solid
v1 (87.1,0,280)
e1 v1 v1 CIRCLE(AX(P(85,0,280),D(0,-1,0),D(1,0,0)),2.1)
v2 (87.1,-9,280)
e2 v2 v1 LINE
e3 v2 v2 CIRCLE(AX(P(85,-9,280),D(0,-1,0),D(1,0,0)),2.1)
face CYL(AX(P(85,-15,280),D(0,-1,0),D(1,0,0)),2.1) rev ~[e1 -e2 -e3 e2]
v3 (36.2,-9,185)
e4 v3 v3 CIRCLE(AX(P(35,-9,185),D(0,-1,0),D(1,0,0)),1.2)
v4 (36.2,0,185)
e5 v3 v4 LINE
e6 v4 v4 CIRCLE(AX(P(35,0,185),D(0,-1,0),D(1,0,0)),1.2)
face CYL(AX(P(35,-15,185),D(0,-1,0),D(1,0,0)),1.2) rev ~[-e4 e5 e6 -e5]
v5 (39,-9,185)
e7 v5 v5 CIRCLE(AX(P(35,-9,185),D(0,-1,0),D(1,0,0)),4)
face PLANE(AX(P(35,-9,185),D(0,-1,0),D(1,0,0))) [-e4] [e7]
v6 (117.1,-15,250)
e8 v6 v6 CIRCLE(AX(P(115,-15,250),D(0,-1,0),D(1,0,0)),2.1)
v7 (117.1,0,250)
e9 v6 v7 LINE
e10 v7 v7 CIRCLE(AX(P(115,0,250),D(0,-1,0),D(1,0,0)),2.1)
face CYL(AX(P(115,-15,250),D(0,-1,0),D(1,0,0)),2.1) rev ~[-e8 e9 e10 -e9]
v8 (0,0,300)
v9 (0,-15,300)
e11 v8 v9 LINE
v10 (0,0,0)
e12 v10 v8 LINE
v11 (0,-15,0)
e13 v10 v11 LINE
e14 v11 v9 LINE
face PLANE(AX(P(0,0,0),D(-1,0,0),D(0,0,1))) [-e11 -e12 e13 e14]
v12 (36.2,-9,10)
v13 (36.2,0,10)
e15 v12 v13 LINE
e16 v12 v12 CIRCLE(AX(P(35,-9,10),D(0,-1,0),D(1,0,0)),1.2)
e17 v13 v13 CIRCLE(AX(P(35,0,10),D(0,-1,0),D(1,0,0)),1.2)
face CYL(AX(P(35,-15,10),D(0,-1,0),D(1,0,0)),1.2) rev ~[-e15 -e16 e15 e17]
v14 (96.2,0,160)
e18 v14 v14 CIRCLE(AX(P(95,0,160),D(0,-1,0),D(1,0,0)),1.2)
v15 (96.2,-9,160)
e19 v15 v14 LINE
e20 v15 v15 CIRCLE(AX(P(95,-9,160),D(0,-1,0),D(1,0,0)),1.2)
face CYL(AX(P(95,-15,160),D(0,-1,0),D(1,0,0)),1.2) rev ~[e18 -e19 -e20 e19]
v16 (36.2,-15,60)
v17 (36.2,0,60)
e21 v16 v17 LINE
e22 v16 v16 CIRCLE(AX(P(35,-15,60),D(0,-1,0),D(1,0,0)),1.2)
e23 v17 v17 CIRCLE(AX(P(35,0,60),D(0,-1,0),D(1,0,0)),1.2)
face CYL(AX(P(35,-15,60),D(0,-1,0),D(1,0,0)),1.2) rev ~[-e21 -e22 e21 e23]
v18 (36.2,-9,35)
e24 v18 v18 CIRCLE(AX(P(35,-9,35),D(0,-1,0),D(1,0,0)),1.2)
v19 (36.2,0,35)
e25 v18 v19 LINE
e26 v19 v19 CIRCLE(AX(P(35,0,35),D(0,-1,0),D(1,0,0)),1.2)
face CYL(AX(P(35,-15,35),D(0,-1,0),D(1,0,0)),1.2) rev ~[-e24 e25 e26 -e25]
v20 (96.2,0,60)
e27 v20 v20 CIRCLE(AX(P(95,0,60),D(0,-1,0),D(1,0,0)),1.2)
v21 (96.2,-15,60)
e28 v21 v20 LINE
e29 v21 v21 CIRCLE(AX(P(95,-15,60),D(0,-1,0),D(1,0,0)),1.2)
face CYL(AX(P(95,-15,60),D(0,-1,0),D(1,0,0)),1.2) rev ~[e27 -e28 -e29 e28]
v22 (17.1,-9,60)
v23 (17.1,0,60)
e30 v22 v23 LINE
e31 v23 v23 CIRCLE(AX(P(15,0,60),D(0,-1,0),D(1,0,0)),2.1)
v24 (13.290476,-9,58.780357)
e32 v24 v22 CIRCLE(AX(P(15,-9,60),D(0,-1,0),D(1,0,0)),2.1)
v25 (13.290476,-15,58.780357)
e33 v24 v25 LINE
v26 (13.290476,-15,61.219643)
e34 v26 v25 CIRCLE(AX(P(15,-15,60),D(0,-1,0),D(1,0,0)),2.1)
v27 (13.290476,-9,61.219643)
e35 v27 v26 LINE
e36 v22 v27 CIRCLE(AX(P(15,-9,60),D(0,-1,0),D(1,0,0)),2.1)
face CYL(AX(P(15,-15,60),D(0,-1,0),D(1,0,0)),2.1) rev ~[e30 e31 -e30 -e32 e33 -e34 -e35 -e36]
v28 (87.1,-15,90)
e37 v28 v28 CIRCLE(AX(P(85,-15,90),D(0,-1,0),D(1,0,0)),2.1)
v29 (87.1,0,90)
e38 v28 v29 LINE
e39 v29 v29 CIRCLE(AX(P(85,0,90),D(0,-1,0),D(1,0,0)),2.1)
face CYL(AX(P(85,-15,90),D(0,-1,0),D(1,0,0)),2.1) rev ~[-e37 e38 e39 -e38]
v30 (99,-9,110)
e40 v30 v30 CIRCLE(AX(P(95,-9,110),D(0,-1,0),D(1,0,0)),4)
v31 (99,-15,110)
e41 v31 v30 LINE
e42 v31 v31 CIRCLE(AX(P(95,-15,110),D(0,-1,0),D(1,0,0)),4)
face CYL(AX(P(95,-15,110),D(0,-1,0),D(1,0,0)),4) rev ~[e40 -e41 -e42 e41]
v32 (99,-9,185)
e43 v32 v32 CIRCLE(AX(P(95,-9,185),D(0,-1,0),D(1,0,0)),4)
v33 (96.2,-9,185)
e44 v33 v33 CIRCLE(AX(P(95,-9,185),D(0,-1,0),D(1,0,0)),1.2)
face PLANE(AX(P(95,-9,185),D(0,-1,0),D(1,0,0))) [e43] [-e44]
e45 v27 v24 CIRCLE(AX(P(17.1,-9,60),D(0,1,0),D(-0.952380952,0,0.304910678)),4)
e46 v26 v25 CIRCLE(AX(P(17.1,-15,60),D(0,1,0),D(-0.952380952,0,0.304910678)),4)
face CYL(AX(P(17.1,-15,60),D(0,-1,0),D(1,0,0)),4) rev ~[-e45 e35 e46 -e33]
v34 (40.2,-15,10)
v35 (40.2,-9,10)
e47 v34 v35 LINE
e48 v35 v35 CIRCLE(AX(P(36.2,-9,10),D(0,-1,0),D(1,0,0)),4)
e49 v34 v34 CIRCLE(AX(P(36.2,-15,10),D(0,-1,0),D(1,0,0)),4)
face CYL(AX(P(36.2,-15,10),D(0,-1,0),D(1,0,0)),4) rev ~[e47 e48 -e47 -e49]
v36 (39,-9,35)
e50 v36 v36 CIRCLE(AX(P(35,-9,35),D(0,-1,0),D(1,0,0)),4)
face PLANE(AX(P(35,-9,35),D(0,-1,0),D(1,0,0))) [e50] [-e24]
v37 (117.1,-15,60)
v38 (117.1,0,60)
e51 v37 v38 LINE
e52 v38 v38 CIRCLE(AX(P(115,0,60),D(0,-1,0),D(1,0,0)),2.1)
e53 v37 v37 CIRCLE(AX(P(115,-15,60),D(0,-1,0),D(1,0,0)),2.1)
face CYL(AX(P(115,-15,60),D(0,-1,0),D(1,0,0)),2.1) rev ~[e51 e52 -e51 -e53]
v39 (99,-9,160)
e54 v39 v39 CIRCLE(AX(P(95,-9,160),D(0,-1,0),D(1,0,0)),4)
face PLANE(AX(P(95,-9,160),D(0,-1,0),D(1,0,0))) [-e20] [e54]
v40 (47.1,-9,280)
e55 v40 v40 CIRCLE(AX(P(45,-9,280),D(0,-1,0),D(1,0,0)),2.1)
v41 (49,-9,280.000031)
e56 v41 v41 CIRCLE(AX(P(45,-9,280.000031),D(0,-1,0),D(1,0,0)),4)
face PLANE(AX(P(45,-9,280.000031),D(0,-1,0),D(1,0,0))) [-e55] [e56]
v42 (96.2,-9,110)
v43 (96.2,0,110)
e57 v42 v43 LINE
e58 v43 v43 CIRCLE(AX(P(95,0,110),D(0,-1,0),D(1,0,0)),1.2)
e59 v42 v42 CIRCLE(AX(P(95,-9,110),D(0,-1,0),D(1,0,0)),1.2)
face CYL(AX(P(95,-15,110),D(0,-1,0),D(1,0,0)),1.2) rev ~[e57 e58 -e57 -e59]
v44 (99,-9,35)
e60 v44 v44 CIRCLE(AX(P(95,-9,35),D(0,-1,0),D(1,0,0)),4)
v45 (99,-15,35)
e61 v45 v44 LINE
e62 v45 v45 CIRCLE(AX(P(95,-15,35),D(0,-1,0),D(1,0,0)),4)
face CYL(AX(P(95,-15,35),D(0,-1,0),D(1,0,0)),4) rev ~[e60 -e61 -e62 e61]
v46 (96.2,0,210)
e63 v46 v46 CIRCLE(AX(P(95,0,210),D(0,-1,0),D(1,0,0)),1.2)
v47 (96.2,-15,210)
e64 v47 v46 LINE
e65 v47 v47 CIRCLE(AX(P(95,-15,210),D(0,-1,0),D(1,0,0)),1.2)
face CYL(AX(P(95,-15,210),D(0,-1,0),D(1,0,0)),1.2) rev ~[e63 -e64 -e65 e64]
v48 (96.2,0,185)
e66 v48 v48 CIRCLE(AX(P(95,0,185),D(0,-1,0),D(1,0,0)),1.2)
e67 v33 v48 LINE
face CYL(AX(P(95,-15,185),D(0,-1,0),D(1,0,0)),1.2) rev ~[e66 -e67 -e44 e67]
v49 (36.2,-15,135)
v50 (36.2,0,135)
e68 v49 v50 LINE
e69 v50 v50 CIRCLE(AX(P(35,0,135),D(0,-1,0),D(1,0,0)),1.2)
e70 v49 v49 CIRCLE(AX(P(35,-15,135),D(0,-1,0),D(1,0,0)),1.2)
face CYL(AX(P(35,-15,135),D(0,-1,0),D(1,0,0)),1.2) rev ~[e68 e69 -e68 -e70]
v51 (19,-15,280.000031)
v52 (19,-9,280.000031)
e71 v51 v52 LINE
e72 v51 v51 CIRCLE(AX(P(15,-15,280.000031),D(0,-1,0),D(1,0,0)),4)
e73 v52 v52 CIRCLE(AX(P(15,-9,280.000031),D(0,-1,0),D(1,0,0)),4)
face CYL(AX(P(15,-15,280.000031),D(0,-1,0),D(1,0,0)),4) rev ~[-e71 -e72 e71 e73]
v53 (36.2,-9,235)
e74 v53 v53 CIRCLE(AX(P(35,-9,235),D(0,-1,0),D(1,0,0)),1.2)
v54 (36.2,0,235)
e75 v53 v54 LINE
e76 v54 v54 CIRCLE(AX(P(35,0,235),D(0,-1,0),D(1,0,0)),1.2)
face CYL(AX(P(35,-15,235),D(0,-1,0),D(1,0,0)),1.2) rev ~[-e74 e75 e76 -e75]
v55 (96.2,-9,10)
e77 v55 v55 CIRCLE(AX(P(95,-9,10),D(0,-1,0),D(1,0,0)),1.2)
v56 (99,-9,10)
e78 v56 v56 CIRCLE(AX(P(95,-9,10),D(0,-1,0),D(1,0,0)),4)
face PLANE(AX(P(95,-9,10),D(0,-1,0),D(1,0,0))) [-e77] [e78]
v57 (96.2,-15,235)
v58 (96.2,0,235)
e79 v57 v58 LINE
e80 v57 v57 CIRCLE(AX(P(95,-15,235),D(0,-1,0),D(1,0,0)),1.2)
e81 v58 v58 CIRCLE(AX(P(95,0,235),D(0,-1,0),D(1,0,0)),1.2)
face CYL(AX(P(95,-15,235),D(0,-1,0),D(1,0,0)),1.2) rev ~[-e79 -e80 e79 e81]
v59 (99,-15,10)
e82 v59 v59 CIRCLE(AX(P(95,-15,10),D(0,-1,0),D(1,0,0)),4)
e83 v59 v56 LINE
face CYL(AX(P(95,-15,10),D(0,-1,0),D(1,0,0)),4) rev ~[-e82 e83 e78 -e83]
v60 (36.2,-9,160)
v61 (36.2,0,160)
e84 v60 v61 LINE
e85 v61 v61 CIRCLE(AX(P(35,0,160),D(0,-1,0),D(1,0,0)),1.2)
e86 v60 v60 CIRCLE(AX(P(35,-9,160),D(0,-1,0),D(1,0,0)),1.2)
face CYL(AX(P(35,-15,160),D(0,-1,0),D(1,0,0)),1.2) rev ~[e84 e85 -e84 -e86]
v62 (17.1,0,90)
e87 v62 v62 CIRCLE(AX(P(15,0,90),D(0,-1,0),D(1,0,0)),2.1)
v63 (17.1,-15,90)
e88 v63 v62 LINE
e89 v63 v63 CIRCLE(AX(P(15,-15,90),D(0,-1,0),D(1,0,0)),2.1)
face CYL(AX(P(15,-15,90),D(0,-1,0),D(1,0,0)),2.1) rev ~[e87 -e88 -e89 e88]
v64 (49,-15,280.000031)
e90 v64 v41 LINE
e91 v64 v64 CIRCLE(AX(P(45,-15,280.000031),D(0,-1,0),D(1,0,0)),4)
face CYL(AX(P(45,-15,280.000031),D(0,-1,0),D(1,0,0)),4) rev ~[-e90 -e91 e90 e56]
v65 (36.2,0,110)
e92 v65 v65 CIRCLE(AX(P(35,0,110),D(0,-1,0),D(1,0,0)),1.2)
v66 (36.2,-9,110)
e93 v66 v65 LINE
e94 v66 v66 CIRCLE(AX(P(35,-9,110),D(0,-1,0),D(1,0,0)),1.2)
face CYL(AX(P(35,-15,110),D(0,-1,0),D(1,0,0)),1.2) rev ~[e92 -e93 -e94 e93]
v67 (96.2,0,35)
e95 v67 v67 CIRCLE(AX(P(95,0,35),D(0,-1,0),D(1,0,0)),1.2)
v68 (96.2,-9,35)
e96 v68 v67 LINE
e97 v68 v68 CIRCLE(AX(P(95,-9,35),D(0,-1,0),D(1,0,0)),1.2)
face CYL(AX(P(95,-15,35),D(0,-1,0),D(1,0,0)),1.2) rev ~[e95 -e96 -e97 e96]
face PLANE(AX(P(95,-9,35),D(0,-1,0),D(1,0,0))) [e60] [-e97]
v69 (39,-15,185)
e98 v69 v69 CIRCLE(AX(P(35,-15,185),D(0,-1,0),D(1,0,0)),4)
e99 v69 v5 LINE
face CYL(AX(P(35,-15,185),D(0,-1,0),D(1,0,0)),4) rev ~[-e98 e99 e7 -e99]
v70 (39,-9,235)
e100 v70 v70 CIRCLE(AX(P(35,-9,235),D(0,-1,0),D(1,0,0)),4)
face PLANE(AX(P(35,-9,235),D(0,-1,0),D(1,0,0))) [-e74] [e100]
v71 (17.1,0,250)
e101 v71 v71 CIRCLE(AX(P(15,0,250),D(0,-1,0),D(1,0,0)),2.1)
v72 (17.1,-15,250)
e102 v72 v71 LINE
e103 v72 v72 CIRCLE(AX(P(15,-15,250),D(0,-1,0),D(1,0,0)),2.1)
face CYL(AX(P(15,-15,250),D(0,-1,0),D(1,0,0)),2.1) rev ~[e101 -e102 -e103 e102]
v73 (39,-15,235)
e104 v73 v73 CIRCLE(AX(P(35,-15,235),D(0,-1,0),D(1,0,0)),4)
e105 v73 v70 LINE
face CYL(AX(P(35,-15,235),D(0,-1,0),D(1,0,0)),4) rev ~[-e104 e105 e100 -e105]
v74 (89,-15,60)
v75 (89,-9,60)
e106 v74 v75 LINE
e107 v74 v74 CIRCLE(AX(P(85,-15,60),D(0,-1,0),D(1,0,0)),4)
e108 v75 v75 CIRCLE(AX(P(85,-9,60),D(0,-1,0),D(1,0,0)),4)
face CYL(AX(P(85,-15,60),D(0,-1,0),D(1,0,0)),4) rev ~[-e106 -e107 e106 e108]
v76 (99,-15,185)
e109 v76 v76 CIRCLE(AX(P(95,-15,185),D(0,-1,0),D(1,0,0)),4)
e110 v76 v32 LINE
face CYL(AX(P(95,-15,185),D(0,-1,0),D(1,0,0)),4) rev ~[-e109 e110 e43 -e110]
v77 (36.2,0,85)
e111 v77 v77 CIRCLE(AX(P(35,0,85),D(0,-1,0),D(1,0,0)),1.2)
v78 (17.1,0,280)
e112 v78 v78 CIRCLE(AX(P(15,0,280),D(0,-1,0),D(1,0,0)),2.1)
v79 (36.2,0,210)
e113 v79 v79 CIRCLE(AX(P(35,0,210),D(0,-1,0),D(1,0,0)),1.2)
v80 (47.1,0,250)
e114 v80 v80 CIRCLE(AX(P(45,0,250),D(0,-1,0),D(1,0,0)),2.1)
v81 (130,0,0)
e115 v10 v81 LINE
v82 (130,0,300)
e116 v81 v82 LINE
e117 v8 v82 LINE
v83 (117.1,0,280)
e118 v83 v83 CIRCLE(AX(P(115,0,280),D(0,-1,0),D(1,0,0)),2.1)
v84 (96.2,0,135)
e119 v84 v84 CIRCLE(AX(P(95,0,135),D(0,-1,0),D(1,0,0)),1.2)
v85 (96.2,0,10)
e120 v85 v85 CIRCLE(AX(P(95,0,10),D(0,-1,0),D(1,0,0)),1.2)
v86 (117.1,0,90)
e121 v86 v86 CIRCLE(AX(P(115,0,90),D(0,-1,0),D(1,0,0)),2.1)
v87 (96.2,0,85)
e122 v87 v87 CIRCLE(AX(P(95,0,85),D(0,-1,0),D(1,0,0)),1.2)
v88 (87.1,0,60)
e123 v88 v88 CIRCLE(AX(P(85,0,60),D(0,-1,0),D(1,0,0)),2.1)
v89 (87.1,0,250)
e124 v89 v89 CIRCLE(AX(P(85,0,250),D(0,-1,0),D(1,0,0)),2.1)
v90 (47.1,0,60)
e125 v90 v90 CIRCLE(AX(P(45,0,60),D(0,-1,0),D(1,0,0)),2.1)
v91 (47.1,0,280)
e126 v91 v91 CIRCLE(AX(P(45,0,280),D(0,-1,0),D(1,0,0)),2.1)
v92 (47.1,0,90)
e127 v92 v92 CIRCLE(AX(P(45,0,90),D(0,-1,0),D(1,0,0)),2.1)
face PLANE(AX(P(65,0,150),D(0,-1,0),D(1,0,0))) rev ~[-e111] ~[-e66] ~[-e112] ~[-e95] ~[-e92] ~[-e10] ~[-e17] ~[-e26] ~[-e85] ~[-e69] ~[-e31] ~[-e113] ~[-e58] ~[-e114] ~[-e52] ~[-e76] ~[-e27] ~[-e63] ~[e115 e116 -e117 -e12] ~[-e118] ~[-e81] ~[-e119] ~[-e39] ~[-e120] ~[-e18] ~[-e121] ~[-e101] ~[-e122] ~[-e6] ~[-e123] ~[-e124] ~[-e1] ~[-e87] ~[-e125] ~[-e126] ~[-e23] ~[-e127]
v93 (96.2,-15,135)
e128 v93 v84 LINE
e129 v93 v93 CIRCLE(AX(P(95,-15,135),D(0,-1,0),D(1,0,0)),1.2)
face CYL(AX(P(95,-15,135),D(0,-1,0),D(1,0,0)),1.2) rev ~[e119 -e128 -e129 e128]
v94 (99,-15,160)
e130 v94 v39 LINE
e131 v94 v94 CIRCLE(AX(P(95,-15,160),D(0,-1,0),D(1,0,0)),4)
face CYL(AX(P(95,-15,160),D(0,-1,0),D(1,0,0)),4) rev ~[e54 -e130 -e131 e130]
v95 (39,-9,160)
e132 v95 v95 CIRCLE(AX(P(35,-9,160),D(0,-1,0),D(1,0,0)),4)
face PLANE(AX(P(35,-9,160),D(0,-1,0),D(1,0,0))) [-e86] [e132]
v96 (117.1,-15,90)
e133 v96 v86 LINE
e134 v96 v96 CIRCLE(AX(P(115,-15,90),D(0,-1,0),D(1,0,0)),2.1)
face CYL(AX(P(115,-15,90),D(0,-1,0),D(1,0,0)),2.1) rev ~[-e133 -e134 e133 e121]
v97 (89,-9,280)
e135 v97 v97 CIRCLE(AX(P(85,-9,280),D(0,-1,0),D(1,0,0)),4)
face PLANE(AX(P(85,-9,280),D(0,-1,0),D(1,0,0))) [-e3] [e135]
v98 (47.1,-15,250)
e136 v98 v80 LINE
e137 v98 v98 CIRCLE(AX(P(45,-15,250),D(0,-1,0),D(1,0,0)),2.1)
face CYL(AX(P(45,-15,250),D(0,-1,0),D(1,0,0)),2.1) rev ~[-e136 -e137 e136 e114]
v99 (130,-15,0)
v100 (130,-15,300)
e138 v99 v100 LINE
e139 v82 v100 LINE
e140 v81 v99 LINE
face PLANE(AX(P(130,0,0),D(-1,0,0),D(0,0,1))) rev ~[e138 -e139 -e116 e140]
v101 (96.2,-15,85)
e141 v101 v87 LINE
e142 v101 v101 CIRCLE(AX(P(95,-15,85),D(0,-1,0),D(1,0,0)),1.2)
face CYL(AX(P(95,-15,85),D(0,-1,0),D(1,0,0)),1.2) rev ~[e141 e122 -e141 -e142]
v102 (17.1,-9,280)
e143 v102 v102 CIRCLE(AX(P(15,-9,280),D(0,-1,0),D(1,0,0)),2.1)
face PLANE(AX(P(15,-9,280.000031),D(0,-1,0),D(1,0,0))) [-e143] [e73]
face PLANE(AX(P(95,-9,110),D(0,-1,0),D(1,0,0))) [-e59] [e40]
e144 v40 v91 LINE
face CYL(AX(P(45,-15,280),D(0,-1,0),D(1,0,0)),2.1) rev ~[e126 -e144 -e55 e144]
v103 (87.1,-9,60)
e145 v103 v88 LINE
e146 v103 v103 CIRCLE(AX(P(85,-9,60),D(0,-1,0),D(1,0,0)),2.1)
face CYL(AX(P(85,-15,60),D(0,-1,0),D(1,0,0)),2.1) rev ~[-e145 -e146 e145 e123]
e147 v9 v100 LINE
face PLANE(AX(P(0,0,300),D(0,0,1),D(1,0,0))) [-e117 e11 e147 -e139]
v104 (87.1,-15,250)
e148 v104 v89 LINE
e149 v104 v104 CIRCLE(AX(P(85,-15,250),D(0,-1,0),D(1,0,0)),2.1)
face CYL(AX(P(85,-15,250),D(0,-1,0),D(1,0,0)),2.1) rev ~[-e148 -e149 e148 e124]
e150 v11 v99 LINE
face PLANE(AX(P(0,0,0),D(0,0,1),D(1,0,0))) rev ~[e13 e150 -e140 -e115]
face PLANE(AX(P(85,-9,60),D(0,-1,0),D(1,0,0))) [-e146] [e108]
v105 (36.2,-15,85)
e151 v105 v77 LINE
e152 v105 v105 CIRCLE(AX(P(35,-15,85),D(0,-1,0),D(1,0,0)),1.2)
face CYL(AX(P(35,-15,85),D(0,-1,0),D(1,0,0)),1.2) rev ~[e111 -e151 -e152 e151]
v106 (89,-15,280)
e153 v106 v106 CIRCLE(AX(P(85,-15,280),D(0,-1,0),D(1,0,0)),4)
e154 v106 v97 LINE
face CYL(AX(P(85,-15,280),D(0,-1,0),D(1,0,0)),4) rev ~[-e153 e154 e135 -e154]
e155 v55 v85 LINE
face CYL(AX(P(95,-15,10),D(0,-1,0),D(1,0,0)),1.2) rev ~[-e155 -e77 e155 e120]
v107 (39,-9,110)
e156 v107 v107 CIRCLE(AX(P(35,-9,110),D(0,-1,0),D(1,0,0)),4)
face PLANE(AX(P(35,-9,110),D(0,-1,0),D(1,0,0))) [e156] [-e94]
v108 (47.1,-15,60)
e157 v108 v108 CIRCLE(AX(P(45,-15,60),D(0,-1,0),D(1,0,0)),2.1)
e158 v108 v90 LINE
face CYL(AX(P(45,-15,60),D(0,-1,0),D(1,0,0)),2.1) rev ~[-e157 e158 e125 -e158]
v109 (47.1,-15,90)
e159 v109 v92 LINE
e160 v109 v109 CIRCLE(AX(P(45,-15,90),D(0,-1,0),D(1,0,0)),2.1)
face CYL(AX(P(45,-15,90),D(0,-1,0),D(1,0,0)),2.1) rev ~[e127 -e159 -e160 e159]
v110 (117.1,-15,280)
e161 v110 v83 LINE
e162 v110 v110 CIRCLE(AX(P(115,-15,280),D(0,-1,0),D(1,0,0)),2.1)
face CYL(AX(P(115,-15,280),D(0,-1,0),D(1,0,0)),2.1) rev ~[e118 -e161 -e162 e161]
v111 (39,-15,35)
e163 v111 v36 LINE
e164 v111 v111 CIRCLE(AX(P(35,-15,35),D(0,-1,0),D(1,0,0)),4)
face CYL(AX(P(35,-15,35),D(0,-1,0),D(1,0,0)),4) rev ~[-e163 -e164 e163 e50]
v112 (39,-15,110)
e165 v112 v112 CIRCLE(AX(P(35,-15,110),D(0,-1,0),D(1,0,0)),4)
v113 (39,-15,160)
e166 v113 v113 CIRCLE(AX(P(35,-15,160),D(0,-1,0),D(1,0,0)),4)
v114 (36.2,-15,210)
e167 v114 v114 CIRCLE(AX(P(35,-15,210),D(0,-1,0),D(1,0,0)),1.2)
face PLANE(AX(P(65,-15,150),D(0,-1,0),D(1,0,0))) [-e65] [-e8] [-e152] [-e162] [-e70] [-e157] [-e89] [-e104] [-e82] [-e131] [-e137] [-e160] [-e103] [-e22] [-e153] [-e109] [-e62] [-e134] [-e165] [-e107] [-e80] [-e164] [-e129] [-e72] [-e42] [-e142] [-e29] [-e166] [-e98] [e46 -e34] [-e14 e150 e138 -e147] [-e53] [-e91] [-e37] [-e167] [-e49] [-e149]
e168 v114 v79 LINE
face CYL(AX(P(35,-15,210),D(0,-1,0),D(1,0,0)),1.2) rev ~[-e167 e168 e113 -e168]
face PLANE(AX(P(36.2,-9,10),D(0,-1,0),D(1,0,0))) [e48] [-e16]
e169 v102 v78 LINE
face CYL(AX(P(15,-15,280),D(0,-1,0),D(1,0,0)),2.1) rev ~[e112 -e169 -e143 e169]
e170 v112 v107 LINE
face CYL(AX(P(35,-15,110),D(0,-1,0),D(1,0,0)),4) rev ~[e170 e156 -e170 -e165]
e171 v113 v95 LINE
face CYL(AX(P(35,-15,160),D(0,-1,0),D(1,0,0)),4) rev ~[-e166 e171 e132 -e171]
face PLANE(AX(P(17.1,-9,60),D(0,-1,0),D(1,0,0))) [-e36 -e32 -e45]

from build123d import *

# Parameters (mm, degrees)
SKETCH_W        = 130
SKETCH_H        = 300
PAD_DEPTH       = 15
SKETCH001_R     = 2.1
SKETCH001_R_2   = 1.2
POCKET_DEPTH    = 15.001
SKETCH002_R     = 4
POCKET001_DEPTH = 6


with BuildPart() as part:
    # Sketch → Pad (new body)
    with BuildSketch(Plane.XZ):
        with Locations((65, 150)):
            Rectangle(SKETCH_W, SKETCH_H)
    extrude(amount=PAD_DEPTH)

    # Sketch001 (on Face6 of Pad) → Pocket (cut, through all)
    with BuildSketch(Plane.XZ.offset(15)):
        with Locations((15, 280)):
            Circle(SKETCH001_R)
        with Locations((45, 280)):
            Circle(SKETCH001_R)
        with Locations((15, 250)):
            Circle(SKETCH001_R)
        with Locations((45, 250)):
            Circle(SKETCH001_R)
        with Locations((85, 280)):
            Circle(SKETCH001_R)
        with Locations((115, 280)):
            Circle(SKETCH001_R)
        with Locations((85, 250)):
            Circle(SKETCH001_R)
        with Locations((115, 250)):
            Circle(SKETCH001_R)
        with Locations((15, 90)):
            Circle(SKETCH001_R)
        with Locations((45, 90)):
            Circle(SKETCH001_R)
        with Locations((15, 60)):
            Circle(SKETCH001_R)
        with Locations((45, 60)):
            Circle(SKETCH001_R)
        with Locations((85, 90)):
            Circle(SKETCH001_R)
        with Locations((115, 90)):
            Circle(SKETCH001_R)
        with Locations((85, 60)):
            Circle(SKETCH001_R)
        with Locations((115, 60)):
            Circle(SKETCH001_R)
        with Locations((35, 235)):
            Circle(SKETCH001_R_2)
        with Locations((95, 235)):
            Circle(SKETCH001_R_2)
        with Locations((35, 210)):
            Circle(SKETCH001_R_2)
        with Locations((95, 210)):
            Circle(SKETCH001_R_2)
        with Locations((35, 185)):
            Circle(SKETCH001_R_2)
        with Locations((95, 185)):
            Circle(SKETCH001_R_2)
        with Locations((35, 160)):
            Circle(SKETCH001_R_2)
        with Locations((95, 160)):
            Circle(SKETCH001_R_2)
        with Locations((35, 135)):
            Circle(SKETCH001_R_2)
        with Locations((95, 135)):
            Circle(SKETCH001_R_2)
        with Locations((35, 110)):
            Circle(SKETCH001_R_2)
        with Locations((95, 110)):
            Circle(SKETCH001_R_2)
        with Locations((35, 85)):
            Circle(SKETCH001_R_2)
        with Locations((95, 85)):
            Circle(SKETCH001_R_2)
        with Locations((35, 60)):
            Circle(SKETCH001_R_2)
        with Locations((95, 60)):
            Circle(SKETCH001_R_2)
        with Locations((35, 35)):
            Circle(SKETCH001_R_2)
        with Locations((95, 35)):
            Circle(SKETCH001_R_2)
        with Locations((35, 10)):
            Circle(SKETCH001_R_2)
        with Locations((95, 10)):
            Circle(SKETCH001_R_2)
    extrude(amount=-POCKET_DEPTH, mode=Mode.SUBTRACT)

    # Sketch002 (on Face5 of Pocket) → Pocket001 (cut)
    with BuildSketch(Plane.XZ.offset(15)):
        with Locations((15, 280.000031)):
            Circle(SKETCH002_R)
        with Locations((45, 280.000031)):
            Circle(SKETCH002_R)
        with Locations((95, 185)):
            Circle(SKETCH002_R)
        with Locations((36.2, 10)):
            Circle(SKETCH002_R)
        with Locations((35, 235)):
            Circle(SKETCH002_R)
        with Locations((85, 60)):
            Circle(SKETCH002_R)
        with Locations((17.1, 60)):
            Circle(SKETCH002_R)
        with Locations((95, 160)):
            Circle(SKETCH002_R)
        with Locations((35, 110)):
            Circle(SKETCH002_R)
        with Locations((35, 185)):
            Circle(SKETCH002_R)
        with Locations((95, 35)):
            Circle(SKETCH002_R)
        with Locations((85, 280)):
            Circle(SKETCH002_R)
        with Locations((95, 10)):
            Circle(SKETCH002_R)
        with Locations((35, 160)):
            Circle(SKETCH002_R)
        with Locations((35, 35)):
            Circle(SKETCH002_R)
        with Locations((95, 110)):
            Circle(SKETCH002_R)
    extrude(amount=-POCKET001_DEPTH, mode=Mode.SUBTRACT)


solid = part.part
